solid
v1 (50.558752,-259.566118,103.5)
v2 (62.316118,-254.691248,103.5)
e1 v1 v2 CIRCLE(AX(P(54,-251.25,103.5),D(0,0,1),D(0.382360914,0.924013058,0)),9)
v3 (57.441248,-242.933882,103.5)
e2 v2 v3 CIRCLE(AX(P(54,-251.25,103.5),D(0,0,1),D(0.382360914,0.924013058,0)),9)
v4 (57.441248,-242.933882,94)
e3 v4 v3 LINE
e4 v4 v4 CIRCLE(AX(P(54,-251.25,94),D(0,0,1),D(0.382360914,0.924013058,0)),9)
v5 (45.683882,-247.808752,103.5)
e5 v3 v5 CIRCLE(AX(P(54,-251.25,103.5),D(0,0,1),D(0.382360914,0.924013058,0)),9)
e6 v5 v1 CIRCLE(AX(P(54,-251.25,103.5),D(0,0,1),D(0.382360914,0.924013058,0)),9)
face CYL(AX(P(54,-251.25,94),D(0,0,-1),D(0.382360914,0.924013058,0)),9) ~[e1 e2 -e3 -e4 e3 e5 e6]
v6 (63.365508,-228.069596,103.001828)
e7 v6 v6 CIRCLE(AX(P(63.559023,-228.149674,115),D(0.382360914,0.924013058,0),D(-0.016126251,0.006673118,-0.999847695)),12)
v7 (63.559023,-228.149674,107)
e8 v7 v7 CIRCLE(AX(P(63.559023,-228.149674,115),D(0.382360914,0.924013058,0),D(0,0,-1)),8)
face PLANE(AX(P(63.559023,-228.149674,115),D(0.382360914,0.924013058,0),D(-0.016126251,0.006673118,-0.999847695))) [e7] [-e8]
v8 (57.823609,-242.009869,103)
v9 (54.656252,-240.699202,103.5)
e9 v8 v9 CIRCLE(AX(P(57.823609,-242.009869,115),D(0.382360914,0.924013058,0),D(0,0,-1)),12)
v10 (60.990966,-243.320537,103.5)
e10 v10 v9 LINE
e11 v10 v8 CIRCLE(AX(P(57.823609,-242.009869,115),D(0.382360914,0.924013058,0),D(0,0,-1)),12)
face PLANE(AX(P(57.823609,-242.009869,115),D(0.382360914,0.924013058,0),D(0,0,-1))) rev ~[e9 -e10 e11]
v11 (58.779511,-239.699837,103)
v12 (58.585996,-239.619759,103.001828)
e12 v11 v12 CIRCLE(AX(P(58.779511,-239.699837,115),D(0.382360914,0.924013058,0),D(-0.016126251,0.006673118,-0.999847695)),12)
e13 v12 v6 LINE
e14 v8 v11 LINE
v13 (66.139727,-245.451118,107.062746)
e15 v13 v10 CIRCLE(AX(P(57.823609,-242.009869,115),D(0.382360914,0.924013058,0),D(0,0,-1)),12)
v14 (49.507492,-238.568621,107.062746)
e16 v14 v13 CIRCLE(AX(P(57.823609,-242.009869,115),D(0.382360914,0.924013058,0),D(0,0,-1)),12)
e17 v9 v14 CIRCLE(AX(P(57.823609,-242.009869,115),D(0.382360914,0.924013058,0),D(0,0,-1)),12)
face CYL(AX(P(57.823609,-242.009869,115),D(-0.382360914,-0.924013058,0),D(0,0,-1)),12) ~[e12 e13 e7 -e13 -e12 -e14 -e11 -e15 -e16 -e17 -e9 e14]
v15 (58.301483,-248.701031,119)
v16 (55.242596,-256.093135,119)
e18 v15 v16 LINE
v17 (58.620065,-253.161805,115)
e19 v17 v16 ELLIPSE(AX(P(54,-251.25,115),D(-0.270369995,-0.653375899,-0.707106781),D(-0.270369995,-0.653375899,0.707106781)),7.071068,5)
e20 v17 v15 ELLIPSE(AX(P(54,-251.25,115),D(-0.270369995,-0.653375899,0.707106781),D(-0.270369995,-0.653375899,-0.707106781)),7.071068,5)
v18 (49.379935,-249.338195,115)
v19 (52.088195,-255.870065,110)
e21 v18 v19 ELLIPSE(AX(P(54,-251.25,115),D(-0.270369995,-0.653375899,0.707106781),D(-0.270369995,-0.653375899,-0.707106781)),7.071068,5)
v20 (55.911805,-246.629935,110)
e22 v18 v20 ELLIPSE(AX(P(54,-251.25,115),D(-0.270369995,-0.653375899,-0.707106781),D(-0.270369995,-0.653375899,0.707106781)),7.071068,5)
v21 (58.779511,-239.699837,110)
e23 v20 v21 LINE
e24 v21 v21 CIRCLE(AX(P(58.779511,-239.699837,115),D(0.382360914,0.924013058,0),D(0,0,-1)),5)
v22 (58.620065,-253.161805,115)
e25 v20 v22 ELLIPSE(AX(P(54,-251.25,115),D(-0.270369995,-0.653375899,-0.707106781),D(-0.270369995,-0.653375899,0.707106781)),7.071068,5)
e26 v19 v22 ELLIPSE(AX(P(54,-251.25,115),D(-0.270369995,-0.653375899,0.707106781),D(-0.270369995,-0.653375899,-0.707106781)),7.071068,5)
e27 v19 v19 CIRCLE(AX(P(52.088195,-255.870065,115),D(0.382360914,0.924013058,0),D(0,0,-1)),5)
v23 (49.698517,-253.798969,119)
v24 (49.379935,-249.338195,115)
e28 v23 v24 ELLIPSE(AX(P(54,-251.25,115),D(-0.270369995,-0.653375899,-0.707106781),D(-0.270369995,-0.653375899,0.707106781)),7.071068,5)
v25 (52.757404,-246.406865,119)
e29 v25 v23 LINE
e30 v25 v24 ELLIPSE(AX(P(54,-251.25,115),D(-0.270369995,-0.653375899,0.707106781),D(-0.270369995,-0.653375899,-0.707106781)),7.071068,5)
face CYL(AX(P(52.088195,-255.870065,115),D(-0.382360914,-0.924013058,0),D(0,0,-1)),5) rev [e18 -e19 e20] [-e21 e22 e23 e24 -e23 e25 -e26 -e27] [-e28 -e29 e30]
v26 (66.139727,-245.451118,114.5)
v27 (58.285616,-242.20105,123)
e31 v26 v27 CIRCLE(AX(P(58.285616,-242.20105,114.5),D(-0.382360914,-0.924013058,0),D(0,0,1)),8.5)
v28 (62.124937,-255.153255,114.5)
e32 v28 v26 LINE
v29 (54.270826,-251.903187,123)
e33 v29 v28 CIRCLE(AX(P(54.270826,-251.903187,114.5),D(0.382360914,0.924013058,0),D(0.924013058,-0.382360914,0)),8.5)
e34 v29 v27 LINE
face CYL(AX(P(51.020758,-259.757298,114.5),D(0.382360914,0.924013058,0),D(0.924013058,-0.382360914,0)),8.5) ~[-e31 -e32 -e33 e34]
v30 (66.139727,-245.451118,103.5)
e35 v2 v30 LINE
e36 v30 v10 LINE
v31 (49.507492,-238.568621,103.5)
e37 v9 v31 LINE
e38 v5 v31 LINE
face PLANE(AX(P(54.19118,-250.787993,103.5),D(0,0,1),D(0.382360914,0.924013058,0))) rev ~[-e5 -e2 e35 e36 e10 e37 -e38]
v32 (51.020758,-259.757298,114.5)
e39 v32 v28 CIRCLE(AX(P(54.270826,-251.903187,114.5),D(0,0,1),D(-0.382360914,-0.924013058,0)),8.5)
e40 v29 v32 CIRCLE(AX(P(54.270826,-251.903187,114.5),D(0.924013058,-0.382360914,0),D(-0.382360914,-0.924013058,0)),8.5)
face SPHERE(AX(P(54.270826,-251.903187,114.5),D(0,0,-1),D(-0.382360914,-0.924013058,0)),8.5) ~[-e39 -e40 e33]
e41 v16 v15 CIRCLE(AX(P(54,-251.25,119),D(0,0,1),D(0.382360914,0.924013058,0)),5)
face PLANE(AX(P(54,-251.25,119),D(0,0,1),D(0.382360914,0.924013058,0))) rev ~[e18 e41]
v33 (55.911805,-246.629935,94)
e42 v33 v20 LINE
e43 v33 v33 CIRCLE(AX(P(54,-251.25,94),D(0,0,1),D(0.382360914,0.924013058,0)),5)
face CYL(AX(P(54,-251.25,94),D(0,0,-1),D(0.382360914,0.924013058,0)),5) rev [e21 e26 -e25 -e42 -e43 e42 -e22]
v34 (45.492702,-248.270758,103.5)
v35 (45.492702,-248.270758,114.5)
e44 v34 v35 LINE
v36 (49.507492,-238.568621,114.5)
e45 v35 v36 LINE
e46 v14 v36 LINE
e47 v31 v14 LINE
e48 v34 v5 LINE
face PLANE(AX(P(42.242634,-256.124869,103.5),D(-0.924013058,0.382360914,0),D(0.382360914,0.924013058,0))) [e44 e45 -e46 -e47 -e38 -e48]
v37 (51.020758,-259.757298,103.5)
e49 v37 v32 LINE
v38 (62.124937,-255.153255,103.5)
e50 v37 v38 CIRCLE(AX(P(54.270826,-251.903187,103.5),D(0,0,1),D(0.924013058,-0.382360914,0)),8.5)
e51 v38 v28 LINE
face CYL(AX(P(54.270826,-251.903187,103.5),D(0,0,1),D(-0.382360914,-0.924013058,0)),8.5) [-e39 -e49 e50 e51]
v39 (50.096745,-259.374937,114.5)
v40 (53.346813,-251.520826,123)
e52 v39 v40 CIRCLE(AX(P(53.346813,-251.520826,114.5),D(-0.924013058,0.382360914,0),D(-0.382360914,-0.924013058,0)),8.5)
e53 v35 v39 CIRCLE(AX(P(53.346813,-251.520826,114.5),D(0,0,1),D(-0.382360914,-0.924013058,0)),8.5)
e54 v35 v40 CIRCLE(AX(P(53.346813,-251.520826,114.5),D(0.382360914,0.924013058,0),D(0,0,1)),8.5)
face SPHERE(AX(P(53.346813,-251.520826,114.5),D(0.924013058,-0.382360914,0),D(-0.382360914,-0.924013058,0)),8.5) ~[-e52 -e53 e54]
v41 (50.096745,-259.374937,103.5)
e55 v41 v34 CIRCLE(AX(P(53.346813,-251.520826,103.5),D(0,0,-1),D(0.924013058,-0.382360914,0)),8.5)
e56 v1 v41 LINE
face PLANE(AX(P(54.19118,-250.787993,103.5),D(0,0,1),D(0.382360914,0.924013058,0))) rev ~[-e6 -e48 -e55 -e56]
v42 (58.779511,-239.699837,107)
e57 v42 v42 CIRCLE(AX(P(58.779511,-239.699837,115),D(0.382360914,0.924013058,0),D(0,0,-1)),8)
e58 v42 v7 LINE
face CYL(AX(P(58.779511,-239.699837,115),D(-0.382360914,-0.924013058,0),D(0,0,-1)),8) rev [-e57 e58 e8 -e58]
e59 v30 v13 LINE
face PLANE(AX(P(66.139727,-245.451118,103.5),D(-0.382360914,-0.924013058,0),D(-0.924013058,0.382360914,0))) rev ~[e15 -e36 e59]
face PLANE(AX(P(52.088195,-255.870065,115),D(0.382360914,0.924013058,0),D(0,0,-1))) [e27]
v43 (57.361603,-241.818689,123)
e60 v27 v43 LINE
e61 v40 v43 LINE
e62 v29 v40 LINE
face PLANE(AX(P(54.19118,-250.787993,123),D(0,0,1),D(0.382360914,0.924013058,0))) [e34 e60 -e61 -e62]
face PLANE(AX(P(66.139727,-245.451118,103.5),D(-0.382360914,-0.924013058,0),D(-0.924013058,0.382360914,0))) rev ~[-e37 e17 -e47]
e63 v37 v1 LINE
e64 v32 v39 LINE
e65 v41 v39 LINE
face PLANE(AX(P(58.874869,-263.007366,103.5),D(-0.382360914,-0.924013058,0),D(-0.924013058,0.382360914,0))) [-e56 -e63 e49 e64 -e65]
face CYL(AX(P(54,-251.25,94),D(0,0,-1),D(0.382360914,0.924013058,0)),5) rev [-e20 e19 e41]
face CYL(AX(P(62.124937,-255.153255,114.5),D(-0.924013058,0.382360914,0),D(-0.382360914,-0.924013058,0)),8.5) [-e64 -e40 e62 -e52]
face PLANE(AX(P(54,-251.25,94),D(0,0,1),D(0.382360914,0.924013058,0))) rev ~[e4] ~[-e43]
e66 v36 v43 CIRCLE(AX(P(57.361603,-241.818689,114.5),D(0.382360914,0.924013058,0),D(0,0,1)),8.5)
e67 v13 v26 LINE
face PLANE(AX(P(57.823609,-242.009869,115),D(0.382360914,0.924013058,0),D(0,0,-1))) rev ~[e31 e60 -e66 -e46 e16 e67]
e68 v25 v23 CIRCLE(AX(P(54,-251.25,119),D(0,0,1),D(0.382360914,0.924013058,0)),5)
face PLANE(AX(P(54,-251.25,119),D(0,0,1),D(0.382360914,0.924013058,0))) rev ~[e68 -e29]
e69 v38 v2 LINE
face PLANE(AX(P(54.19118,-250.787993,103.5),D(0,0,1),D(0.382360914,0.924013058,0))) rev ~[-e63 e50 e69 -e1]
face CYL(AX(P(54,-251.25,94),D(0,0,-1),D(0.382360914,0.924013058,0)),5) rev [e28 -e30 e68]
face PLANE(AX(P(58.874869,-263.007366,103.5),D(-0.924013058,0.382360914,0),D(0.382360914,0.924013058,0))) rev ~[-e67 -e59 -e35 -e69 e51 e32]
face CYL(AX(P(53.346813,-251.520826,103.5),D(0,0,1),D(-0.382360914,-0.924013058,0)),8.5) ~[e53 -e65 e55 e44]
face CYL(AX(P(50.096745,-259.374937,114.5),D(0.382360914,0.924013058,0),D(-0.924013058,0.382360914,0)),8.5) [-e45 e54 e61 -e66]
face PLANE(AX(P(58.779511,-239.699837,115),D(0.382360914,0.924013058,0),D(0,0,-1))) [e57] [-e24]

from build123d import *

# Parameters (mm, degrees)
CYLINDER021_R               = 5
CYLINDER021_DEPTH           = 25
CYLINDER022_R               = 5
CYLINDER022_DEPTH           = 15
CYLINDER020_R               = 9
CYLINDER020_DEPTH           = 9.5
BOX007_W                    = 19
BOX007_H                    = 18
BOX007_DEPTH                = 19.5
FILLET_R                    = 8.5
CYLINDER024_R               = 5
CYLINDER024_DEPTH           = 2.5
CYLINDER019_R               = 12
CYLINDER019_DEPTH           = 2.5
CYLINDER027_R               = 8
CYLINDER027_DEPTH           = 12.5
CYLINDER026_R               = 12
CYLINDER026_DEPTH           = 12.5
CYLINDER026_PLACEMENT_ANGLE = 1
FUSION025_PLACEMENT_ANGLE   = 90
FUSION026_PLACEMENT_ANGLE   = 67.52


with BuildPart() as tc_bottom_hole:
    # Cylinder021 → Cylinder021 (new body)
    with BuildSketch(Plane.XY):
        Circle(CYLINDER021_R)
    extrude(amount=CYLINDER021_DEPTH)


with BuildPart() as tc_holes:
    # Cylinder022 → Cylinder022 (new body)
    with BuildSketch(Plane(origin=(-5, 0, 21), x_dir=(0, 0, -1), z_dir=(1, 0, 0))):
        Circle(CYLINDER022_R)
    extrude(amount=CYLINDER022_DEPTH)

    # Fusion016: union TC-Bottom-Hole
    add(tc_bottom_hole.part)


with BuildPart() as tc_bottom:
    # Cylinder020 → Cylinder020 (new body)
    with BuildSketch(Plane.XY):
        Circle(CYLINDER020_R)
    extrude(amount=CYLINDER020_DEPTH)


with BuildPart() as turnablecorner002:
    # Box007 → Box007 (new body)
    with BuildSketch(Plane(origin=(-9, -9, 9.5), x_dir=(1, 0, 0), z_dir=(0, 0, 1))):
        with Locations((9.5, 9)):
            Rectangle(BOX007_W, BOX007_H)
    extrude(amount=BOX007_DEPTH)

    # Fillet
    fillet_edges = [turnablecorner002.edges().sort_by_distance(p)[0] for p in [
        (-9, -9, 19.25),
        (-9, 0, 29),
        (-9, 9, 19.25),
        (0.5, -9, 29),
        (0.5, 9, 29),
    ]]
    fillet(fillet_edges, radius=FILLET_R)

    # Fusion018: union TC-Bottom
    add(tc_bottom.part)

    # Cut013: cut TC-Holes
    add(tc_holes.part, mode=Mode.SUBTRACT)


with BuildPart() as largeplughole:
    # Cylinder024 → Cylinder024 (new body)
    with BuildSketch(Plane.XY):
        Circle(CYLINDER024_R)
    extrude(amount=CYLINDER024_DEPTH)


with BuildPart() as largeplugbase001:
    # Cylinder019 → Cylinder019 (new body)
    with BuildSketch(Plane.XY):
        Circle(CYLINDER019_R)
    extrude(amount=CYLINDER019_DEPTH)

    # Cut008: cut LargePlugHole
    add(largeplughole.part, mode=Mode.SUBTRACT)


with BuildPart() as largeplugwallhole:
    # Cylinder027 → Cylinder027 (new body)
    with BuildSketch(Plane.XY.offset(2.5)):
        Circle(CYLINDER027_R)
    extrude(amount=CYLINDER027_DEPTH)


with BuildPart() as gpu1_out_adapter:
    # Cylinder026 → Cylinder026 (new body)
    with BuildSketch(Plane.XY):
        Circle(CYLINDER026_R)
    extrude(amount=CYLINDER026_DEPTH)


with BuildPart() as gpu1_out_adapter_1:
    # Cylinder026 placement: moved
    add(gpu1_out_adapter.part.moved(Location((0, 0, 2.5))).rotate(Axis((0, 0, 2.5), (0, 0, 1)), CYLINDER026_PLACEMENT_ANGLE))

    # Cut007: cut LargePlugWallHole
    add(largeplugwallhole.part, mode=Mode.SUBTRACT)

    # Fusion025: union LargePlugBase001
    add(largeplugbase001.part)


with BuildPart() as gpu1_out_adapter_2:
    # Fusion025 placement: moved
    add(gpu1_out_adapter_1.part.moved(Location((10, 0, 21))).rotate(Axis((10, 0, 21), (0, 1, 0)), FUSION025_PLACEMENT_ANGLE))

    # Fusion026: union TurnableCorner002
    add(turnablecorner002.part)


with BuildPart() as gpu1_out_adapter_3:
    # Fusion026 placement: moved
    add(gpu1_out_adapter_2.part.moved(Location((54, -251.25, 94))).rotate(Axis((54, -251.25, 94), (0, 0, 1)), FUSION026_PLACEMENT_ANGLE))


solid = gpu1_out_adapter_3.part
